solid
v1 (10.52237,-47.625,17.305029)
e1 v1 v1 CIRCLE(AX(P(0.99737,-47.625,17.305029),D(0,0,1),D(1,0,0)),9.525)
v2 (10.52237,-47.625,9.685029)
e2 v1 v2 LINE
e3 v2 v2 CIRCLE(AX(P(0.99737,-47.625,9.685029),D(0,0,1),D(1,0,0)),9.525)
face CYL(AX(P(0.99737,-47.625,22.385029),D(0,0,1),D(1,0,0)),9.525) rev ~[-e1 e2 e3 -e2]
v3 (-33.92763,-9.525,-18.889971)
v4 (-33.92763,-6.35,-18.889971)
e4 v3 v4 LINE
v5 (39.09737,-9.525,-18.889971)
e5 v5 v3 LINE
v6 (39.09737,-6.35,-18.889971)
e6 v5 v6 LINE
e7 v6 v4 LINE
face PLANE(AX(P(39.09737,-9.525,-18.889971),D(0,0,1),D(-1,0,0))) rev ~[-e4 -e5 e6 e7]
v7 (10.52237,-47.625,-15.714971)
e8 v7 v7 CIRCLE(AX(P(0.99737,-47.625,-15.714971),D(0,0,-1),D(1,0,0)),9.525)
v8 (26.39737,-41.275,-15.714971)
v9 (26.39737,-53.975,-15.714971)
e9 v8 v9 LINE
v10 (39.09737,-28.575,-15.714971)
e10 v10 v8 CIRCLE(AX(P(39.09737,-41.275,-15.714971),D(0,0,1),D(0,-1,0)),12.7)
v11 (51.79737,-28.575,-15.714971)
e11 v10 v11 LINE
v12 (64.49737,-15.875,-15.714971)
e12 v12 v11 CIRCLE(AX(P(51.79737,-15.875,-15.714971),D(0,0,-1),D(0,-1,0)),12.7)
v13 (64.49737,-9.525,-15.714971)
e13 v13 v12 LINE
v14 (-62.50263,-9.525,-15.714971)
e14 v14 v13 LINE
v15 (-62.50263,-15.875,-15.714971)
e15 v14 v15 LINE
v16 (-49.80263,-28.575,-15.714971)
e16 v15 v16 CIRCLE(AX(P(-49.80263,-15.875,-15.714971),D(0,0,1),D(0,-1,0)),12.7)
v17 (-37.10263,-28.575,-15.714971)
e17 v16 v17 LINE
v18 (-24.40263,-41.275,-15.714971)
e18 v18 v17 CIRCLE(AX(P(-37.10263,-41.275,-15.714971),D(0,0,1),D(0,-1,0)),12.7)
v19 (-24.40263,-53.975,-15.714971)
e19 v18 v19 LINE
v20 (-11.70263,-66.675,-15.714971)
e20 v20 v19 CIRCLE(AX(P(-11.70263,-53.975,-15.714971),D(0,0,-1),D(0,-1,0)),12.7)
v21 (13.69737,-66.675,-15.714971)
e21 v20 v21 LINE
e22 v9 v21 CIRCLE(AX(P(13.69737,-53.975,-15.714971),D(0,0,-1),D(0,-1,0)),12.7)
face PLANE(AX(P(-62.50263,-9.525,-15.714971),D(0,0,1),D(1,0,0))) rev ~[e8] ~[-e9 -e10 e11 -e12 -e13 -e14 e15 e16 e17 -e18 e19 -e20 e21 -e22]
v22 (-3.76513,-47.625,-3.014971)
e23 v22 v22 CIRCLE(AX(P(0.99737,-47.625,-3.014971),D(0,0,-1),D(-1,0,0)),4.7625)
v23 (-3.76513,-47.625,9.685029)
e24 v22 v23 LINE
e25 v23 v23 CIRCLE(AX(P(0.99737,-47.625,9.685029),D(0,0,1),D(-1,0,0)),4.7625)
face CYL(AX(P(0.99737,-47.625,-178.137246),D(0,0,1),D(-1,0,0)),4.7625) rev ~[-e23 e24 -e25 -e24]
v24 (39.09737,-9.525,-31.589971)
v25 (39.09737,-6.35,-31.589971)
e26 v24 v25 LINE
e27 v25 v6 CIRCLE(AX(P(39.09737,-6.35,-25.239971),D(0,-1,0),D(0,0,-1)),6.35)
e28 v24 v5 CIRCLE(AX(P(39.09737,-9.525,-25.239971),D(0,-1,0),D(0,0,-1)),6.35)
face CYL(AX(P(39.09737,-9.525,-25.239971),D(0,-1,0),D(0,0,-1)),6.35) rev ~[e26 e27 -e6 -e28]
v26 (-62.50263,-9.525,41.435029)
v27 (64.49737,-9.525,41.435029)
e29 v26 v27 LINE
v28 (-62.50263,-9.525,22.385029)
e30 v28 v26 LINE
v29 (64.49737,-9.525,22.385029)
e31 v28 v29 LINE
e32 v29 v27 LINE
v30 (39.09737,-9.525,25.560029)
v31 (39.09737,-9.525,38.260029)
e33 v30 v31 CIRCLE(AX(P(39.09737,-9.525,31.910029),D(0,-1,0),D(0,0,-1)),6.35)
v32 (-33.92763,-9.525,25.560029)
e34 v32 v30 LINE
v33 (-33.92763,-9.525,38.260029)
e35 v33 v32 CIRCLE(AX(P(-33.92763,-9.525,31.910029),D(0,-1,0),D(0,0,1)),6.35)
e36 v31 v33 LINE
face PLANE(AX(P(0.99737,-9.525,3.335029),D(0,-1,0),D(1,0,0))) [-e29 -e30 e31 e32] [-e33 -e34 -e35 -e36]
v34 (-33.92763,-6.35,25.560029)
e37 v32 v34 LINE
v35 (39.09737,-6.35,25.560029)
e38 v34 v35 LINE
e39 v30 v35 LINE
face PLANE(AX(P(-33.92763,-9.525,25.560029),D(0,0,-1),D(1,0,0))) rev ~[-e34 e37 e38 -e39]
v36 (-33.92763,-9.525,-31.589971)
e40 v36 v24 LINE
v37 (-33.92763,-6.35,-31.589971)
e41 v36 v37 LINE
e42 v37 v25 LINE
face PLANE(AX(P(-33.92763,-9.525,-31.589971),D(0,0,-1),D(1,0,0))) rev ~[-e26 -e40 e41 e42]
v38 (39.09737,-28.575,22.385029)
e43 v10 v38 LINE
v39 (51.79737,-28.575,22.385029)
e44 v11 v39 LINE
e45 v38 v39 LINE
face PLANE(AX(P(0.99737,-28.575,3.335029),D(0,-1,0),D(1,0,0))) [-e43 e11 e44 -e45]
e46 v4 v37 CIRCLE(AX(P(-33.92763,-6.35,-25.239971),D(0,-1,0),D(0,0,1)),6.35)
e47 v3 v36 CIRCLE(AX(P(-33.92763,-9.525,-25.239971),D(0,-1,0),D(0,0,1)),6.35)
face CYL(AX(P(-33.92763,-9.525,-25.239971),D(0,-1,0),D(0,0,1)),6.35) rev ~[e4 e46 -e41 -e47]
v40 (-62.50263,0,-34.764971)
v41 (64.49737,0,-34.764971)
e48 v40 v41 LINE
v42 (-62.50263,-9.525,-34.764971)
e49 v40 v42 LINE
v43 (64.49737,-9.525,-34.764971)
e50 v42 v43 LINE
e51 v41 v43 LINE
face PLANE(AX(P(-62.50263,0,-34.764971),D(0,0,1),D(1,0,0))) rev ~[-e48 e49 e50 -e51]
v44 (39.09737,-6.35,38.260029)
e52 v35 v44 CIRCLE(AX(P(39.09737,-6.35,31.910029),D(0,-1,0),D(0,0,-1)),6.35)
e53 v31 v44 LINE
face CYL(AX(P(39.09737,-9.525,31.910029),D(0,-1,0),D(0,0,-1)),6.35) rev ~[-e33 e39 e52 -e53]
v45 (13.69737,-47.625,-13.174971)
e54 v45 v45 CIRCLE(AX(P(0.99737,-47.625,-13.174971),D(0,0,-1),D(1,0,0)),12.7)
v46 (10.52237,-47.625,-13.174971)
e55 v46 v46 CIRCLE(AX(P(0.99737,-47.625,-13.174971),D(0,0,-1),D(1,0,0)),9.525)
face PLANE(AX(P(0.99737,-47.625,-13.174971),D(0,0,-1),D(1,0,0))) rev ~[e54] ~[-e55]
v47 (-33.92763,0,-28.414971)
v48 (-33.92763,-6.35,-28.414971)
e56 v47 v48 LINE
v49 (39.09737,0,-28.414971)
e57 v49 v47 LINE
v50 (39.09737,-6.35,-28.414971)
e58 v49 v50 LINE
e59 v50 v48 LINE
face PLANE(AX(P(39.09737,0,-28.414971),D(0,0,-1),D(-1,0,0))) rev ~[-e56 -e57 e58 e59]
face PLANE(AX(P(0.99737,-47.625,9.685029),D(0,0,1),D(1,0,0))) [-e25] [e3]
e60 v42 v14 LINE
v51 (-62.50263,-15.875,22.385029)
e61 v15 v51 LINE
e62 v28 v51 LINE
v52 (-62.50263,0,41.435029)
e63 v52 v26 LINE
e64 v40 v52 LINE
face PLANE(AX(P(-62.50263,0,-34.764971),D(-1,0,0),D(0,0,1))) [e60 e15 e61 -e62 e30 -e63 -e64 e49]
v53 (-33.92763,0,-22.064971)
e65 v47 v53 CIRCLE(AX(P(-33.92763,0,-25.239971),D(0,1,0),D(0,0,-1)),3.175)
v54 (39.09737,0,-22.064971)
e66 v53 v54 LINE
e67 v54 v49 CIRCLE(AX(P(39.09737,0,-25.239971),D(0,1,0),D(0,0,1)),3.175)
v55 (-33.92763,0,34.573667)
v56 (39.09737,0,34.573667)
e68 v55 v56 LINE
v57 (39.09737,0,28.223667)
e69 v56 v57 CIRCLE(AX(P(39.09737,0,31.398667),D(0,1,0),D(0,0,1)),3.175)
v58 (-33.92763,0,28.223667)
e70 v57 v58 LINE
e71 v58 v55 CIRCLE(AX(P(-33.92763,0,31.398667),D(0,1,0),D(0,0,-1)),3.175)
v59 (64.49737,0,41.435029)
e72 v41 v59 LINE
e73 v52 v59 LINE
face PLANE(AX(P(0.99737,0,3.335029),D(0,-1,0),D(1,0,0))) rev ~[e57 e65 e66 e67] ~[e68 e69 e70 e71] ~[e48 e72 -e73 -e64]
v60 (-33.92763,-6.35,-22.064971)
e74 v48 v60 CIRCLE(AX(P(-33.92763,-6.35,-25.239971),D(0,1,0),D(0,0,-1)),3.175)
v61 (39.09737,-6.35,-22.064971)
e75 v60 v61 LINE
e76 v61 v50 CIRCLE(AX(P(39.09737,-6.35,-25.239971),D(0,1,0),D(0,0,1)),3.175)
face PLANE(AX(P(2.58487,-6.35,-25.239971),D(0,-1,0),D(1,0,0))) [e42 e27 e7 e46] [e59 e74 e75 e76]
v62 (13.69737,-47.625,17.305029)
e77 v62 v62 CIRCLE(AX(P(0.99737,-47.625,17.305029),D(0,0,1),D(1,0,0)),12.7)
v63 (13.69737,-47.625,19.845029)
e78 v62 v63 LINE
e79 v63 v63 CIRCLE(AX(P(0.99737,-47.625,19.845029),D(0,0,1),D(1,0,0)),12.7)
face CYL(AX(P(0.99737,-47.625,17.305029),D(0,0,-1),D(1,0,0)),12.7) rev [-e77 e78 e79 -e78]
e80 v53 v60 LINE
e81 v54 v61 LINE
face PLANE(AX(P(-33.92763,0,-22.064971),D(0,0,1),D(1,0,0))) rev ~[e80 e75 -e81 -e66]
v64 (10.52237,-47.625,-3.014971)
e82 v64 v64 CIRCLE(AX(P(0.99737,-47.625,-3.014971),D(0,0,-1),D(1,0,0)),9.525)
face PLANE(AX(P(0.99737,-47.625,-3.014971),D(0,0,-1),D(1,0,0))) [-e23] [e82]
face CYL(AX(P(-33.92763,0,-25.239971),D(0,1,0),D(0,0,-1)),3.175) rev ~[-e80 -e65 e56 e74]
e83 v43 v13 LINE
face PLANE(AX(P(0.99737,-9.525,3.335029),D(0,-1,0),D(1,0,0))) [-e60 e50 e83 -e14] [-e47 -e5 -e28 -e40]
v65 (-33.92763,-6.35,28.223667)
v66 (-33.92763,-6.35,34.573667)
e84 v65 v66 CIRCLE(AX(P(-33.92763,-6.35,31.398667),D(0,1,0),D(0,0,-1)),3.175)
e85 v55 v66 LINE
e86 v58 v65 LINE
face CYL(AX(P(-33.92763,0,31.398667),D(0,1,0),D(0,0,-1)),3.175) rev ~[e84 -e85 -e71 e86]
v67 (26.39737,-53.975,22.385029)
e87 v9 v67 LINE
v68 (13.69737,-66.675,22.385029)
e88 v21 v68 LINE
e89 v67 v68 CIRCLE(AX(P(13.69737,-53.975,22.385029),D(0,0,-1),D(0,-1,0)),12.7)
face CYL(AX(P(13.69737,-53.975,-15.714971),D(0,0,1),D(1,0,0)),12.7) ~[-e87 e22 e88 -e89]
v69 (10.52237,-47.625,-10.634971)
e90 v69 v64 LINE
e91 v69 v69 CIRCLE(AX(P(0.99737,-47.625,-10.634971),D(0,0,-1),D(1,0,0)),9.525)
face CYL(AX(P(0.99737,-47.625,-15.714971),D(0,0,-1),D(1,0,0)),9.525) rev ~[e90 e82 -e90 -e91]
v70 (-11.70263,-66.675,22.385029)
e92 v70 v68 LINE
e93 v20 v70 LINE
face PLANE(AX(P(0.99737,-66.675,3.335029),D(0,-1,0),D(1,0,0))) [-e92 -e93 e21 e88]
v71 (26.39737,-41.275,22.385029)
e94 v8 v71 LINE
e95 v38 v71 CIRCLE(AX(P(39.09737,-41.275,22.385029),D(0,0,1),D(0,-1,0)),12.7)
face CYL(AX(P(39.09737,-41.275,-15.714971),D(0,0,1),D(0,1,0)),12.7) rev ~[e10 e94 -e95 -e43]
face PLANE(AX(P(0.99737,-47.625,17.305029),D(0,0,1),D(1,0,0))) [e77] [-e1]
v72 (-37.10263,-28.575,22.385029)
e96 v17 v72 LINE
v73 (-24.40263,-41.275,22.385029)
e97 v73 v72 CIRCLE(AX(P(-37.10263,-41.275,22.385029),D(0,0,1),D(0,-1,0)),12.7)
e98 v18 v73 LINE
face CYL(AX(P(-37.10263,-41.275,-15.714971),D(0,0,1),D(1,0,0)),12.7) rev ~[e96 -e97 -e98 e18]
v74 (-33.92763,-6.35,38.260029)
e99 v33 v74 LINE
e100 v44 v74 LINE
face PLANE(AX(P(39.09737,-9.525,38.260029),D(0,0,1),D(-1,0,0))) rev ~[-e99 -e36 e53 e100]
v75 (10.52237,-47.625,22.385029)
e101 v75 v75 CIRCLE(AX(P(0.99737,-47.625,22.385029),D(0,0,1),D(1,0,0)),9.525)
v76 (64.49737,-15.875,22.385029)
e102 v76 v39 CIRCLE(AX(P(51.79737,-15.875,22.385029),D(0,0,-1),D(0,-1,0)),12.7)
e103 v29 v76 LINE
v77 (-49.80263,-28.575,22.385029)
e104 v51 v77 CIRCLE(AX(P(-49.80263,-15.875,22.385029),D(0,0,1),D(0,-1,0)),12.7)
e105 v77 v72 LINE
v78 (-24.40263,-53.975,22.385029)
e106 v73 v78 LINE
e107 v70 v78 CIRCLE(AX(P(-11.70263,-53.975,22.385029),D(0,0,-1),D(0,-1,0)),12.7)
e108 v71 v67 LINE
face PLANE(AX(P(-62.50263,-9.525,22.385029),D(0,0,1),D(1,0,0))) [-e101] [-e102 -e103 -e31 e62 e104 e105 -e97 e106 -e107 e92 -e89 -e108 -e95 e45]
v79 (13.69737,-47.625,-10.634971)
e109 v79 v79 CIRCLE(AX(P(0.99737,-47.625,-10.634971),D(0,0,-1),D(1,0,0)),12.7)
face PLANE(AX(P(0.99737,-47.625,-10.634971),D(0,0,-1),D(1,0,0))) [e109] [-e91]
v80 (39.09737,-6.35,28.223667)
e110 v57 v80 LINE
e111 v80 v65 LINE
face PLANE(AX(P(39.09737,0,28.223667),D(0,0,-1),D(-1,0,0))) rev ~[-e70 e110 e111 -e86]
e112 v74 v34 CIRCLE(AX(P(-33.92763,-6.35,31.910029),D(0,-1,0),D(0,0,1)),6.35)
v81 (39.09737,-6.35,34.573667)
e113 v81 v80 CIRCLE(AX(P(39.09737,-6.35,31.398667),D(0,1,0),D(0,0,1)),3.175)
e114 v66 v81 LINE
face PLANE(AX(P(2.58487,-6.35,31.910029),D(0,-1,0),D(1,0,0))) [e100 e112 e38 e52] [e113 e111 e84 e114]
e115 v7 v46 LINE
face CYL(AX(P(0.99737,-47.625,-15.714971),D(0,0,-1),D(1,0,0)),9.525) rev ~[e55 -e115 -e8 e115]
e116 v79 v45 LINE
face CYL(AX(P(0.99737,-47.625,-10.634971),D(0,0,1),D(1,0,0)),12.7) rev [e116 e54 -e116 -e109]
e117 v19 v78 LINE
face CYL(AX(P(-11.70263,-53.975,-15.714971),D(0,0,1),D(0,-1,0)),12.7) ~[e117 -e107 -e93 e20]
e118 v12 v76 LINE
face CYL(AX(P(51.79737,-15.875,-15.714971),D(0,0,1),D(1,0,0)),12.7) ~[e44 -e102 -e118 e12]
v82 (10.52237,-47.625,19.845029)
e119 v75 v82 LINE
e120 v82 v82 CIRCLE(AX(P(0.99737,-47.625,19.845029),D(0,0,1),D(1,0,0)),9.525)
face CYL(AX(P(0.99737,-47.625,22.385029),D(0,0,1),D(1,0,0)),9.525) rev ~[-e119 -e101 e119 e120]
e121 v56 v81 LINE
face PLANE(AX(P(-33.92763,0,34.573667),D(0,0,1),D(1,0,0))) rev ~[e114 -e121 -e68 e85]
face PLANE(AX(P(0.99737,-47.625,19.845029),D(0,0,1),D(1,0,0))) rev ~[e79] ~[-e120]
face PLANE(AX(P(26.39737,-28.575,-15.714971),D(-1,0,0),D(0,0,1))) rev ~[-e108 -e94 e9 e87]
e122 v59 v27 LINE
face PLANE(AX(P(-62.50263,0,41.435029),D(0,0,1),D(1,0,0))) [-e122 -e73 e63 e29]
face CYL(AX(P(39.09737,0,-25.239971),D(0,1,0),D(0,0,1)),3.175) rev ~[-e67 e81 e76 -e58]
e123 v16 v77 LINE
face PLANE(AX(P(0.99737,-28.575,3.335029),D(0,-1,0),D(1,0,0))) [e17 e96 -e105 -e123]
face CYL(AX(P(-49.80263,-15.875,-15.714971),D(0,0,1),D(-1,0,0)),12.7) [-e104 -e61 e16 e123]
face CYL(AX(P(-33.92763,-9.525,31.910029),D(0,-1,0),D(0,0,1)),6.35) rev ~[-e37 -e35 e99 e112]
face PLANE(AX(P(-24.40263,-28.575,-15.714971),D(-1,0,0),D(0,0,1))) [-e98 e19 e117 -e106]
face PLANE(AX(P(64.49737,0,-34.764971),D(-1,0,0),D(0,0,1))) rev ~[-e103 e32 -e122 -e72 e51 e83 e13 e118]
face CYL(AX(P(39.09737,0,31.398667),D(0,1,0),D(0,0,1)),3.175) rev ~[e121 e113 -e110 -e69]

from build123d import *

# Parameters (mm, degrees)
F0_W       = 127
F0_H       = 76.2
F1_DEPTH   = 9.525
F3_DEPTH   = 3.175
F4_W       = 127
F4_H       = 38.1
F5_DEPTH   = 19.05
F6_W       = 50.8
F6_H       = 38.1
F7_DEPTH   = 38.1
F9_D       = 9.525
F10_R      = 9.525
F10_R_2    = 4.7625
F11_DEPTH  = 12.7
F12_R      = 9.525
F12_R_2    = 4.7625
F13_DEPTH  = 12.7
F17_R      = 12.7
F7_FACE_R  = 9.525
F18_DEPTH  = 2.54
F15_R      = 12.7
F7_FACE1_R = 9.525
F19_DEPTH  = 2.54
F20_R      = 12.7
F21_R      = 12.7


with BuildPart() as f1:
    # F0 (on Front) → F1 (new body)
    with BuildSketch(Plane.XZ):
        with Locations((0.997369945, 3.3350293577)):
            Rectangle(F0_W, F0_H)
        with BuildLine():
            ThreePointArc((-33.927630055, -28.4149706423), (-37.102630055, -25.2399706423), (-33.927630055, -22.0649706423))
            Line((-33.927630055, -22.0649706423), (39.097369945, -22.0649706423))
            ThreePointArc((39.097369945, -22.0649706423), (42.272369945, -25.2399706423), (39.097369945, -28.4149706423))
            Line((39.097369945, -28.4149706423), (-33.927630055, -28.4149706423))
        make_face(mode=Mode.SUBTRACT)
        with BuildLine():
            Line((39.097369945, 28.2236666642), (-33.927630055, 28.2236666642))
            ThreePointArc((-33.927630055, 28.2236666642), (-37.102630055, 31.3986666642), (-33.927630055, 34.5736666642))
            Line((-33.927630055, 34.5736666642), (39.097369945, 34.5736666642))
            ThreePointArc((39.097369945, 34.5736666642), (42.272369945, 31.3986666642), (39.097369945, 28.2236666642))
        make_face(mode=Mode.SUBTRACT)
    extrude(amount=F1_DEPTH)

    # F2 (on face) → F3 (cut)
    with BuildSketch(Plane.XZ.offset(9.525)):
        with BuildLine():
            Line((39.097369945, -18.8899706423), (-33.927630055, -18.8899706423))
            ThreePointArc((-33.927630055, -18.8899706423), (-40.277630055, -25.2399706423), (-33.927630055, -31.5899706423))
            Line((-33.927630055, -31.5899706423), (39.097369945, -31.5899706423))
            ThreePointArc((39.097369945, -31.5899706423), (45.447369945, -25.2399706423), (39.097369945, -18.8899706423))
        make_face()
        with BuildLine():
            Line((39.097369945, -28.4149706423), (-33.927630055, -28.4149706423))
            ThreePointArc((-33.927630055, -28.4149706423), (-37.102630055, -25.2399706423), (-33.927630055, -22.0649706423))
            Line((-33.927630055, -22.0649706423), (39.097369945, -22.0649706423))
            ThreePointArc((39.097369945, -22.0649706423), (42.272369945, -25.2399706423), (39.097369945, -28.4149706423))
        make_face(mode=Mode.SUBTRACT)
        with BuildLine():
            ThreePointArc((-33.927630055, 38.2600293577), (-40.277630055, 31.9100293577), (-33.927630055, 25.5600293577))
            Line((-33.927630055, 25.5600293577), (39.097369945, 25.5600293577))
            ThreePointArc((39.097369945, 25.5600293577), (45.447369945, 31.9100293577), (39.097369945, 38.2600293577))
            Line((39.097369945, 38.2600293577), (-33.927630055, 38.2600293577))
        make_face()
        with BuildLine():
            Line((-33.927630055, 34.5736666642), (39.097369945, 34.5736666642))
            ThreePointArc((39.097369945, 34.5736666642), (42.272369945, 31.3986666642), (39.097369945, 28.2236666642))
            Line((39.097369945, 28.2236666642), (-33.927630055, 28.2236666642))
            ThreePointArc((-33.927630055, 28.2236666642), (-37.102630055, 31.3986666642), (-33.927630055, 34.5736666642))
        make_face(mode=Mode.SUBTRACT)
    extrude(amount=-F3_DEPTH, mode=Mode.SUBTRACT)

    # F4 (on face) → F5 (join)
    with BuildSketch(Plane.XZ.offset(9.525)):
        with Locations((0.997369945, 3.3350293577)):
            Rectangle(F4_W, F4_H)
    extrude(amount=F5_DEPTH)

    # F6 (on face) → F7 (join)
    with BuildSketch(Plane.XZ.offset(28.575)):
        with Locations((0.997369945, 3.3350293577)):
            Rectangle(F6_W, F6_H)
    extrude(amount=F7_DEPTH)

    # F9 (through all)
    with Locations(Plane(origin=(0, 0, -15.7149706423), x_dir=(1, 0, 0), z_dir=(0, 0, -1))):
        with Locations((0.997369945, 47.625)):
            Hole(F9_D / 2)

    # F10 (on face) → F11 (cut)
    with BuildSketch(Plane(origin=(0, 0, -15.7149706423), x_dir=(1, 0, 0), z_dir=(0, 0, -1))):
        with Locations((0.997369945, 47.625)):
            Circle(F10_R)
        with Locations((0.997369945, 47.625)):
            Circle(F10_R_2, mode=Mode.SUBTRACT)
    extrude(amount=-F11_DEPTH, mode=Mode.SUBTRACT)

    # F12 (on face) → F13 (cut)
    with BuildSketch(Plane.XY.offset(22.3850293577)):
        with Locations((0.997369945, -47.625)):
            Circle(F12_R)
        with Locations((0.997369945, -47.625)):
            Circle(F12_R_2, mode=Mode.SUBTRACT)
        with Locations((0.997369945, -47.625)):
            Circle(F12_R)
    extrude(amount=-F13_DEPTH, mode=Mode.SUBTRACT)

    # F17 (on offset) + F7_face (on face) → F18 (cut)
    with BuildSketch(Plane(origin=(0, 0, -10.6349706423), x_dir=(1, 0, 0), z_dir=(0, 0, -1))):
        with Locations((0.997369945, 47.625)):
            Circle(F17_R)
    with BuildSketch(Plane(origin=(0.997369945, -31.75, -15.7149706423), x_dir=(1, 0, 0), z_dir=(0, 0, -1))):
        Polygon((-63.5, -3.175), (-63.5, -22.225), (63.5, -22.225), (63.5, -3.175), (25.4, -3.175), (25.4, 34.925), (-25.4, 34.925), (-25.4, -3.175), align=None)
        with Locations((0, 15.875)):
            Circle(F7_FACE_R, mode=Mode.SUBTRACT)
    extrude(amount=F18_DEPTH, mode=Mode.SUBTRACT)

    # F15 (on offset) + F7_face1 (on face) → F19 (cut)
    with BuildSketch(Plane.XY.offset(17.3050293577)):
        with Locations((0.997369945, -47.625)):
            Circle(F15_R)
    with BuildSketch(Plane(origin=(0.997369945, -31.4859250029, 22.3850293577), x_dir=(1, 0, 0), z_dir=(0, 0, 1))):
        Polygon((63.5, 2.9109250029), (63.5, 21.9609250029), (-63.5, 21.9609250029), (-63.5, 2.9109250029), (-25.4, 2.9109250029), (-25.4, -35.1890749971), (25.4, -35.1890749971), (25.4, 2.9109250029), align=None)
        with Locations((0, -16.1390749971)):
            Circle(F7_FACE1_R, mode=Mode.SUBTRACT)
    extrude(amount=F19_DEPTH, mode=Mode.SUBTRACT)

    # F20
    f20_edges = [f1.edges().sort_by_distance(p)[0] for p in [
        (-62.50263, -28.575, 3.335029),
        (-24.40263, -28.575, 3.335029),
        (-24.40263, -66.675, 3.335029),
        (26.39737, -66.675, 3.335029),
        (26.39737, -28.575, 3.335029),
    ]]
    fillet(f20_edges, radius=F20_R)

    # F21
    f21_edges = [f1.edges().sort_by_distance(p)[0] for p in [
        (64.49737, -28.575, 3.335029),
    ]]
    fillet(f21_edges, radius=F21_R)


solid = f1.part
